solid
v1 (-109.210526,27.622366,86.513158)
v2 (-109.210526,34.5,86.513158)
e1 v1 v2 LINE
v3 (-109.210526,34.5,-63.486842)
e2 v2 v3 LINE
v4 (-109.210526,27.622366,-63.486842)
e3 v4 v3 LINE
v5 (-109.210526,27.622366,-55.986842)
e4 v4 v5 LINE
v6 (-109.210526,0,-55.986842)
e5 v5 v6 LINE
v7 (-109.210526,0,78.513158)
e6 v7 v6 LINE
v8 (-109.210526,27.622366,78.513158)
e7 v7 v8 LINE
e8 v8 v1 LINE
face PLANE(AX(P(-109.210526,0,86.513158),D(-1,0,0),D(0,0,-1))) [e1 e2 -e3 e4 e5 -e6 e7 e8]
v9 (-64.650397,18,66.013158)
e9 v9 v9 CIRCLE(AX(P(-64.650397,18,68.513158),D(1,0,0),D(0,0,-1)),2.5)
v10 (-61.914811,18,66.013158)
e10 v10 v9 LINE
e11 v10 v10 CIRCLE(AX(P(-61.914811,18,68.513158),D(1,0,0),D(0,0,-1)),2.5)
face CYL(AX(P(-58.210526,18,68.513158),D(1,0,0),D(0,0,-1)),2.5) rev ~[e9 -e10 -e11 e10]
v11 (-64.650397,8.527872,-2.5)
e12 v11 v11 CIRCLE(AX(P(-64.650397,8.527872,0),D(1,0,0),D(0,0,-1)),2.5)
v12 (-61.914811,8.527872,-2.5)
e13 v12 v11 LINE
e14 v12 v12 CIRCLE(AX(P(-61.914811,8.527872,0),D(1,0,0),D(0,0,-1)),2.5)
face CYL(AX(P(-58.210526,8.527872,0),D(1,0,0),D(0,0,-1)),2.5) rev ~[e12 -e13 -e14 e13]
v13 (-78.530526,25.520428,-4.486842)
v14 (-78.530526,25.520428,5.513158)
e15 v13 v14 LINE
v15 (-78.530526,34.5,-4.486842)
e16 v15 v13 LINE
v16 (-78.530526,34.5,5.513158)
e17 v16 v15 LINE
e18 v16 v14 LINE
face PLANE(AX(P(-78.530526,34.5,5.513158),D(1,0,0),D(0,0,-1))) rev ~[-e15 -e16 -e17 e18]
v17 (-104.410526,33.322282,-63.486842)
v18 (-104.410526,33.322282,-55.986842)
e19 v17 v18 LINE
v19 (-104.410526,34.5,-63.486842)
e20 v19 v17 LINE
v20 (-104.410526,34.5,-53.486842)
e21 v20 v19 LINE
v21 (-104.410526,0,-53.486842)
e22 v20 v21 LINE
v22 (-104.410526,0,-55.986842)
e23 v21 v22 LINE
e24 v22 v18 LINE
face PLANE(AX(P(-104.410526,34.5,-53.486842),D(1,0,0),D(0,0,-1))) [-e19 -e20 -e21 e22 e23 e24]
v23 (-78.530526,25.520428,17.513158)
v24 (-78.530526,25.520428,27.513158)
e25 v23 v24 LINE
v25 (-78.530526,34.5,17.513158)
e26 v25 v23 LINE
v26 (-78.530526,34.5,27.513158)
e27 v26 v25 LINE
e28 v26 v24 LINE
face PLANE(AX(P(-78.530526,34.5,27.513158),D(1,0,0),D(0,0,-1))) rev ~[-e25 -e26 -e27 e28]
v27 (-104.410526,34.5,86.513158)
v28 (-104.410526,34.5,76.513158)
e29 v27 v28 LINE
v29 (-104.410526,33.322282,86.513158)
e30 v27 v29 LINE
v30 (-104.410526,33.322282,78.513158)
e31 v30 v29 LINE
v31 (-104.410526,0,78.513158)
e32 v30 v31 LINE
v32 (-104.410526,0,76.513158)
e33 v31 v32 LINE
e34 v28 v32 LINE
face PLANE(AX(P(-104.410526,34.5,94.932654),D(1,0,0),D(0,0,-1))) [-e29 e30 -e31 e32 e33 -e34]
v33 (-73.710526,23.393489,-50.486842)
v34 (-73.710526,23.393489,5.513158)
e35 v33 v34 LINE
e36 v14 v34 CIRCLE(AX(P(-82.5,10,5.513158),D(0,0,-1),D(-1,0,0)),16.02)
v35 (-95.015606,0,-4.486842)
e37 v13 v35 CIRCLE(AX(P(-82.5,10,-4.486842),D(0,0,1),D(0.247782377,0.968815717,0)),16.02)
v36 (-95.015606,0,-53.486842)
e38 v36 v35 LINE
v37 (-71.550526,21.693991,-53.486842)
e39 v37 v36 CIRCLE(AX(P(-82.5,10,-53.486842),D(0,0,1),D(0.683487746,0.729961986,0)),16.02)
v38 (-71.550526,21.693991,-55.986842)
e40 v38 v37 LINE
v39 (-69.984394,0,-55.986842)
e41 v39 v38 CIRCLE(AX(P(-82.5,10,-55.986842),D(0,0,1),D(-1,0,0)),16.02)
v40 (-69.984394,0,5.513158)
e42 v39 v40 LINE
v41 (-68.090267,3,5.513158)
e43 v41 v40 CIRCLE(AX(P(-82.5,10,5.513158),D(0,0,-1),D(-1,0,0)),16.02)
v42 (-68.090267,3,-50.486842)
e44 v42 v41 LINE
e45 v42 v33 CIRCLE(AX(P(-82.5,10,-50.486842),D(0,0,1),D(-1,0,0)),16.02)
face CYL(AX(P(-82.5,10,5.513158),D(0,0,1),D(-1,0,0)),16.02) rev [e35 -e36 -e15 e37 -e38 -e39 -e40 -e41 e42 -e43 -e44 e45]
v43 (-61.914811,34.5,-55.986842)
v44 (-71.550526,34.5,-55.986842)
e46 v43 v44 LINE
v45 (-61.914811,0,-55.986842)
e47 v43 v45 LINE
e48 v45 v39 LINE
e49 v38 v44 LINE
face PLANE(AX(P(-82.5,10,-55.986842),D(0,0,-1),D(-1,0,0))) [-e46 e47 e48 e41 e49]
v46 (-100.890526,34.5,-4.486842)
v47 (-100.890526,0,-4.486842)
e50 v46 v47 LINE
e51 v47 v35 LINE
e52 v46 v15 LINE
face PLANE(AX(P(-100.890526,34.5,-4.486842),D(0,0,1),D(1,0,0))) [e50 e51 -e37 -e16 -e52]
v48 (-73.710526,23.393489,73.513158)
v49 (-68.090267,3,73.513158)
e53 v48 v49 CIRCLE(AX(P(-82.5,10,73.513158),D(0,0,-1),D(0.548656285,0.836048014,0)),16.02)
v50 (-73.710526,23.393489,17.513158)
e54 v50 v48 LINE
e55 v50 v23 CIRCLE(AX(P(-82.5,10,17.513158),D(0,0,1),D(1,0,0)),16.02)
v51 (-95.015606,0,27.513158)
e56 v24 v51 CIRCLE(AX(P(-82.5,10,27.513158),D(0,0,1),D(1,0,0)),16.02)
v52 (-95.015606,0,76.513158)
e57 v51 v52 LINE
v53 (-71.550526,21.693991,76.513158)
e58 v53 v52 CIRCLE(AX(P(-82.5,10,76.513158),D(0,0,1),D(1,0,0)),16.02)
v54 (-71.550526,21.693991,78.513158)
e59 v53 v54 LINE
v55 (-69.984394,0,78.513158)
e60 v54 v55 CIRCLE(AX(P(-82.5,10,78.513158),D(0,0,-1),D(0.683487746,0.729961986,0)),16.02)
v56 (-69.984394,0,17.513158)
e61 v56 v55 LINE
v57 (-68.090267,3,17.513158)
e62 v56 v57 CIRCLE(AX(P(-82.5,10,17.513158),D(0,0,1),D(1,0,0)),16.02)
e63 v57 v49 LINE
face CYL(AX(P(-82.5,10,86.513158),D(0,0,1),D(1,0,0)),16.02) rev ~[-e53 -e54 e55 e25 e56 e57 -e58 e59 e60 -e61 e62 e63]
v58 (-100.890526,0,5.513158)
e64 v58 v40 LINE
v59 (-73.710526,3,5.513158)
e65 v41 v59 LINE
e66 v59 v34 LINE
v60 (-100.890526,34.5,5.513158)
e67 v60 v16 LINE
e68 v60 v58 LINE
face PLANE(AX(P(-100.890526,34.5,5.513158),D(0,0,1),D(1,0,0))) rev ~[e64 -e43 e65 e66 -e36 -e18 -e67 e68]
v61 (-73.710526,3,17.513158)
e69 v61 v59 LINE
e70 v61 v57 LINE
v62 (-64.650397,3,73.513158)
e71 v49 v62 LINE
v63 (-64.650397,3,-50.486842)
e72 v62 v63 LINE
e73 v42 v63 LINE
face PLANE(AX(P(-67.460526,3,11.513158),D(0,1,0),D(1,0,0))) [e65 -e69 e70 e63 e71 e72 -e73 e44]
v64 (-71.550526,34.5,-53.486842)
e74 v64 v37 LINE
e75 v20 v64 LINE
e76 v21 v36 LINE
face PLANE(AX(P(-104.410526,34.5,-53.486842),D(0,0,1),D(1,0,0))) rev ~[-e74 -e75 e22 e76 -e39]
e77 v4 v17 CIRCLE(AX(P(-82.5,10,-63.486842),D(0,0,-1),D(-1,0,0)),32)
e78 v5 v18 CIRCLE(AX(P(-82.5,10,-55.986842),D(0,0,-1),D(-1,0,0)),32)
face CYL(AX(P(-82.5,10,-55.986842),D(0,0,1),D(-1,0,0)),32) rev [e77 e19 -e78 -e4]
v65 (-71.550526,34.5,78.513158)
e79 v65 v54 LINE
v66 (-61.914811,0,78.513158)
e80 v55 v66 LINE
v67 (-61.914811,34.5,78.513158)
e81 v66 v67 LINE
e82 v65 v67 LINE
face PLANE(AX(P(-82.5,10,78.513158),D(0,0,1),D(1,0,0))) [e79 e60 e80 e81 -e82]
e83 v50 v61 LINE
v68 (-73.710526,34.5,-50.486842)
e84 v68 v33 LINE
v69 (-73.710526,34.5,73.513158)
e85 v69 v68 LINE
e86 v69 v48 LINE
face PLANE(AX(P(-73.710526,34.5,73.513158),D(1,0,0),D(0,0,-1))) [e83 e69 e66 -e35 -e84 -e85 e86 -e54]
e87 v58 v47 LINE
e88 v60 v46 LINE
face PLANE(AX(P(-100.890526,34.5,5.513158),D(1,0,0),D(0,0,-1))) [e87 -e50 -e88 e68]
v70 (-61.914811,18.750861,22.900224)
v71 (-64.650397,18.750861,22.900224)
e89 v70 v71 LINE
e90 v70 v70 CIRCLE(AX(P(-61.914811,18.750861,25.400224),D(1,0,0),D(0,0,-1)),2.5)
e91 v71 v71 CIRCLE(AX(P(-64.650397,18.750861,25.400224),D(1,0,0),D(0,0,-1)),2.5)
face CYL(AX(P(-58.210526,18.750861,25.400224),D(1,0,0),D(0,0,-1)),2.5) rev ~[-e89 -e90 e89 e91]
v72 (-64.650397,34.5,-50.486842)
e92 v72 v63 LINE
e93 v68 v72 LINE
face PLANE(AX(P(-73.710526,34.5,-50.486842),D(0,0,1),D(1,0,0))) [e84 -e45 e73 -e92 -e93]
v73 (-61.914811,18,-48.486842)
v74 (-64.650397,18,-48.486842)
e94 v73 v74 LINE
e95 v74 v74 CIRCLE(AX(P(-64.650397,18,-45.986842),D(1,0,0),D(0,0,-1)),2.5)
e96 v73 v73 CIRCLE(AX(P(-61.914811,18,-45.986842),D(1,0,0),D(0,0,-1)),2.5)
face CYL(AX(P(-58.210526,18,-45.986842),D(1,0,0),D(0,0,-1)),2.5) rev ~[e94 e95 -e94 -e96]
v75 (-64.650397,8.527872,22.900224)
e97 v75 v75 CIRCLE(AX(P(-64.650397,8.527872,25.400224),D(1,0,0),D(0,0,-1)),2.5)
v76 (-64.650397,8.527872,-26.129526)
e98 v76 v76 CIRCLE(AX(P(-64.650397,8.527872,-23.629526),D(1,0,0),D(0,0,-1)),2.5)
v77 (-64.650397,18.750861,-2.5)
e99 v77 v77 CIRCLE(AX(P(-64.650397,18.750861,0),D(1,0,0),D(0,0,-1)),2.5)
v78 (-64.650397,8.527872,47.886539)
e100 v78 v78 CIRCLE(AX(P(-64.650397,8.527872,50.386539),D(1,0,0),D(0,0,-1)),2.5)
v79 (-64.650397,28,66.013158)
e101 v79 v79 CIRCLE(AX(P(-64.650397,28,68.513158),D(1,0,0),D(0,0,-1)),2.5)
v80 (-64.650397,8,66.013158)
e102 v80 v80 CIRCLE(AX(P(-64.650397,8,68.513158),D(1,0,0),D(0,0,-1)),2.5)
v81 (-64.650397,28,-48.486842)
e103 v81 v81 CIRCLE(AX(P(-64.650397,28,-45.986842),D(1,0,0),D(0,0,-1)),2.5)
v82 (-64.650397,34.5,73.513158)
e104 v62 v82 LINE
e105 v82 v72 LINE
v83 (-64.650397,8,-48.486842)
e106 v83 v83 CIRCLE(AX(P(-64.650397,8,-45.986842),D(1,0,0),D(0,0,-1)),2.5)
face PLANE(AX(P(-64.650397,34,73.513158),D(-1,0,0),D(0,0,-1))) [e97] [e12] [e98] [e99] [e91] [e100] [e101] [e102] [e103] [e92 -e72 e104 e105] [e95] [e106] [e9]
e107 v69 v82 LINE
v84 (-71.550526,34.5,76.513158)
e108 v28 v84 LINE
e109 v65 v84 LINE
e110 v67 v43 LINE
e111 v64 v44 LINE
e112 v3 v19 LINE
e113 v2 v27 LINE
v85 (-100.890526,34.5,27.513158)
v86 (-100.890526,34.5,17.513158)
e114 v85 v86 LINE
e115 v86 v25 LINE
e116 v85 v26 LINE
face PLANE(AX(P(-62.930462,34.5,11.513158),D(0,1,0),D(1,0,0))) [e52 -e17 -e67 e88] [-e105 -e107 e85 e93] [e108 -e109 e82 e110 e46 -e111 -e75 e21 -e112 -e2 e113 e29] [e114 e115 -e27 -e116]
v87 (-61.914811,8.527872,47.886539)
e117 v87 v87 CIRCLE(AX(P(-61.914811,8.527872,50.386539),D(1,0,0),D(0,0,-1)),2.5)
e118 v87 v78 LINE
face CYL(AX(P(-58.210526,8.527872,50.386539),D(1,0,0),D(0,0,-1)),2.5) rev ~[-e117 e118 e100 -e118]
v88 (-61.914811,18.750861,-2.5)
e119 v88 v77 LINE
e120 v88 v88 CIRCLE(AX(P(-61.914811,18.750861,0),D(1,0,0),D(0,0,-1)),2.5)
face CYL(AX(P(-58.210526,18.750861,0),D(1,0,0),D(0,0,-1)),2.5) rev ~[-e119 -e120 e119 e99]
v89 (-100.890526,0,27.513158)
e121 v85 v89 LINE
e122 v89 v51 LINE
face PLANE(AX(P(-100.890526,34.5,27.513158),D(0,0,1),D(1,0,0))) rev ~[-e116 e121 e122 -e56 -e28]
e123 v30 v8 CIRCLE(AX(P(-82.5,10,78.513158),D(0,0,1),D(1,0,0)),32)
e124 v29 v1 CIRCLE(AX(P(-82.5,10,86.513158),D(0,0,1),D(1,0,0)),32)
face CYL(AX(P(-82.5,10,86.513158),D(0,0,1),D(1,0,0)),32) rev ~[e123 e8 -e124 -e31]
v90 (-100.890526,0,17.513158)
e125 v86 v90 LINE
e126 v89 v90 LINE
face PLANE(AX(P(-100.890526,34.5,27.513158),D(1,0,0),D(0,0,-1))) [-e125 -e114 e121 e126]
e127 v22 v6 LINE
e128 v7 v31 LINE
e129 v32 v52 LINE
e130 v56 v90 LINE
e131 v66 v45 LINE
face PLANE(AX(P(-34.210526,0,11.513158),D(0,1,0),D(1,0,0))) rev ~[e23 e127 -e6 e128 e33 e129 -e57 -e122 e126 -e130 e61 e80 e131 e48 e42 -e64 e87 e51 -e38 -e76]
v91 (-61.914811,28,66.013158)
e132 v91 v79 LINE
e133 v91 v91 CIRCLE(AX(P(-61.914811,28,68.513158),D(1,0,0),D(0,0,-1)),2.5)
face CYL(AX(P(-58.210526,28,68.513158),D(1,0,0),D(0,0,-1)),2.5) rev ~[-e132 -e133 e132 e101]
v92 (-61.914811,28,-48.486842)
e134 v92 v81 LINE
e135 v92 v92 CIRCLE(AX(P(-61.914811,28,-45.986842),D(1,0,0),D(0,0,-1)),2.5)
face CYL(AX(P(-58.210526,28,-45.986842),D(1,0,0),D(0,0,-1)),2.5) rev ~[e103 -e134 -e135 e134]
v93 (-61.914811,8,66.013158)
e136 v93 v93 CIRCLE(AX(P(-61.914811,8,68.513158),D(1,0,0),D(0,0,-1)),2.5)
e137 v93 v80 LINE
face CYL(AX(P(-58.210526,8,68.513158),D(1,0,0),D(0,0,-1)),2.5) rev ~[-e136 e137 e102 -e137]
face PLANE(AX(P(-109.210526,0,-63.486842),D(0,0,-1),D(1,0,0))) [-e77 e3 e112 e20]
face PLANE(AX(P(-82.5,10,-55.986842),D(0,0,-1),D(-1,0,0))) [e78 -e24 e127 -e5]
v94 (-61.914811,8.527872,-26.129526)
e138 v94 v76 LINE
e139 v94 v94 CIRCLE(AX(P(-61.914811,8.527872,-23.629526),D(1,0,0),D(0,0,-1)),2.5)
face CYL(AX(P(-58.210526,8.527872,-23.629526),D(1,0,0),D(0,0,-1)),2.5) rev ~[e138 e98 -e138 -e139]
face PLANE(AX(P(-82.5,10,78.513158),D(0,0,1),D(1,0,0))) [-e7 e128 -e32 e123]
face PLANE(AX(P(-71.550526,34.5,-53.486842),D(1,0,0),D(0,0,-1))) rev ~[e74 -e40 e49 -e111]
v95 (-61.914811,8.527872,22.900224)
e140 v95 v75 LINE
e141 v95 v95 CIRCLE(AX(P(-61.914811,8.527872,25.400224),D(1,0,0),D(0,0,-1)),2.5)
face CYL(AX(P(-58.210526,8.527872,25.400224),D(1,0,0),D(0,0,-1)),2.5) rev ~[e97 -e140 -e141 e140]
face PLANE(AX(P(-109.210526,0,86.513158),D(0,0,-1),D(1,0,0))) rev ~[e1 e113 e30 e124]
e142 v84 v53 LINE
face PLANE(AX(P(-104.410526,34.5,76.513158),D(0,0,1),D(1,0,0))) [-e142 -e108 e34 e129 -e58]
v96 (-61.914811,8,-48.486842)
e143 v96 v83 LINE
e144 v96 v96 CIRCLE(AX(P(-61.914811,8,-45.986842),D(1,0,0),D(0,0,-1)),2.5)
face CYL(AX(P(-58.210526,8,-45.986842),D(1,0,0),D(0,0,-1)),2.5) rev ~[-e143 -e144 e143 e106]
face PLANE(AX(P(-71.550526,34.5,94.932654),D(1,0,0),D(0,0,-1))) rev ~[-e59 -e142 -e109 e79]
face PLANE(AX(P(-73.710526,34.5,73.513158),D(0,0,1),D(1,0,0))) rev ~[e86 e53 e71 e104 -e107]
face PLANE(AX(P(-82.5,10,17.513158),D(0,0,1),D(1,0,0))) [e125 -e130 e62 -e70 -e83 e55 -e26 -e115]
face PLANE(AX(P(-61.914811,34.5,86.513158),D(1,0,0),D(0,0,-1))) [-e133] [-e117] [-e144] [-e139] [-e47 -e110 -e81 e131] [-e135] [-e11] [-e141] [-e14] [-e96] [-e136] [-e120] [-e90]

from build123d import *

# Parameters (mm, degrees)
CUBE_W                    = 150
CUBE_H                    = 150
BOSS_EXTRU_1_DEPTH        = 34.5
PAVE_W                    = 96
PAVE_H                    = 144
ENL_V_MAT_EXTRU_1_DEPTH   = 31.5
VIS1_R                    = 2.5
ENL_V_MAT_EXTRU_2_DEPTH   = 5
ENL_V_START               = -5
VIS2_R                    = 2.5
ENL_V_MAT_EXTRU_3_DEPTH   = 5
PAVE_PROCHE_MOTEUR_W      = 12.5
PAVE_PROCHE_MOTEUR_H      = 124
ENL_V_MAT_EXTRU_4_DEPTH   = 31.5
PAVE_ROUE_LIBRE_W         = 32.86
PAVE_ROUE_LIBRE_H         = 15.696676457
PAVE_ROUE_LIBRE_H_2       = 18.419496328
ENL_V_MAT_EXTRU_5_DEPTH   = 36
CABLES_W                  = 22.36
CABLES_H                  = 10
ENL_V_MAT_EXTRU_6_DEPTH   = 36
ROUE_EXT_R                = 32
ENL_V_MAT_EXTRU_7_DEPTH   = 8
ROUE_INTER_R              = 16.02
ENL_V_MAT_EXTRU_8_DEPTH   = 69
ENL_V_START_2             = -7.5
ROUE_EXT2_R               = 32
ENL_V_MAT_EXTRU_9_DEPTH   = 7.5
ENL_V_START_3             = -69
ROUE_INTER2_R             = 16.02
ENL_V_MAT_EXTRU_10_DEPTH  = 69
VIS_MOTEUR_POUR_SUPPORT_R = 2.5
ENL_V_MAT_EXTRU_11_DEPTH  = 10
BOSS_EXTRU_2_DEPTH        = 10
ESQUISSE2_R               = 2.5
ENL_V_MAT_EXTRU_12_DEPTH  = 10
ESQUISSE3_W               = 3.439870431
ESQUISSE3_H               = 124
BOSS_EXTRU_3_DEPTH        = 31
ESQUISSE5_W               = 3.439870431
ESQUISSE5_H               = 124
BOSS_EXTRU_4_DEPTH        = 0.5
ESQUISSE6_R               = 2.5
ENL_V_MAT_EXTRU_13_DEPTH  = 10
ESQUISSE7_R               = 2.5
ENL_V_MAT_EXTRU_14_DEPTH  = 10
ESQUISSE8_R               = 2.5
ENL_V_MAT_EXTRU_15_DEPTH  = 10
ESQUISSE10_W              = 102.704284834
ESQUISSE10_H              = 150
ENL_V_MAT_EXTRU_16_DEPTH  = 40


with BuildPart() as part:
    # Cube → Boss.-Extru.1 (new body)
    with BuildSketch(Plane(origin=(0, 0, 0), x_dir=(1, 0, 0), z_dir=(0, 1, 0))):
        with Locations((-34.210526316, -11.513157895)):
            Rectangle(CUBE_W, CUBE_H)
    extrude(amount=BOSS_EXTRU_1_DEPTH)

    # Pave → Enlèv. mat.-Extru.1 (cut)
    with BuildSketch(Plane(origin=(0, 34.5, 0), x_dir=(1, 0, 0), z_dir=(0, 1, 0))):
        with Locations((-10.210526316, -11.513157895)):
            Rectangle(PAVE_W, PAVE_H)
    extrude(amount=-ENL_V_MAT_EXTRU_1_DEPTH, mode=Mode.SUBTRACT)

    # Vis1 → Enlèv. mat.-Extru.2 (cut)
    with BuildSketch(Plane.XY.offset(86.513157895)):
        with Locations((33.789473684, 10)):
            Circle(VIS1_R)
        with Locations((33.789473684, 20)):
            Circle(VIS1_R)
        with Locations((33.789473684, 30)):
            Circle(VIS1_R)
    extrude(amount=-ENL_V_MAT_EXTRU_2_DEPTH, mode=Mode.SUBTRACT)

    # Vis2 → Enlèv. mat.-Extru.3 (cut)
    with BuildSketch(Plane(origin=(0, 0, -63.486842105), x_dir=(-1, 0, 0), z_dir=(0, 0, -1)).offset(ENL_V_START)):
        with Locations(Location((-33.789473684, 10, 0), (0, 0, 180))):
            Circle(VIS2_R)
        with Locations(Location((-33.789473684, 20, 0), (0, 0, 180))):
            Circle(VIS2_R)
        with Locations(Location((-33.789473684, 30, 0), (0, 0, 180))):
            Circle(VIS2_R)
    extrude(amount=ENL_V_MAT_EXTRU_3_DEPTH, mode=Mode.SUBTRACT)

    # Pave proche moteur → Enlèv. mat.-Extru.4 (cut)
    with BuildSketch(Plane(origin=(0, 34.5, 0), x_dir=(1, 0, 0), z_dir=(0, 1, 0))):
        with Locations((-67.460526316, -11.513157895)):
            Rectangle(PAVE_PROCHE_MOTEUR_W, PAVE_PROCHE_MOTEUR_H)
    extrude(amount=-ENL_V_MAT_EXTRU_4_DEPTH, mode=Mode.SUBTRACT)

    # Pave Roue libre → Enlèv. mat.-Extru.5 (cut)
    with BuildSketch(Plane(origin=(0, 34.5, 0), x_dir=(1, 0, 0), z_dir=(0, 1, 0))):
        with Locations((-87.980526316, 61.335180334)):
            Rectangle(PAVE_ROUE_LIBRE_W, PAVE_ROUE_LIBRE_H)
        with Locations((-87.980526316, -85.722906059)):
            Rectangle(PAVE_ROUE_LIBRE_W, PAVE_ROUE_LIBRE_H_2)
    extrude(amount=-ENL_V_MAT_EXTRU_5_DEPTH, mode=Mode.SUBTRACT)

    # Cables → Enlèv. mat.-Extru.6 (cut)
    with BuildSketch(Plane(origin=(0, 34.5, 0), x_dir=(1, 0, 0), z_dir=(0, 1, 0))):
        with Locations((-89.710526316, -0.513157895)):
            Rectangle(CABLES_W, CABLES_H)
        with Locations((-89.710526316, -22.513157895)):
            Rectangle(CABLES_W, CABLES_H)
    extrude(amount=-ENL_V_MAT_EXTRU_6_DEPTH, mode=Mode.SUBTRACT)

    # Roue ext → Enlèv. mat.-Extru.7 (cut)
    with BuildSketch(Plane.XY.offset(86.513157895)):
        with Locations((-82.5, 10)):
            Circle(ROUE_EXT_R)
    extrude(amount=-ENL_V_MAT_EXTRU_7_DEPTH, mode=Mode.SUBTRACT)

    # Roue inter → Enlèv. mat.-Extru.8 (cut)
    with BuildSketch(Plane.XY.offset(86.513157895)):
        with Locations((-82.5, 10)):
            Circle(ROUE_INTER_R)
    extrude(amount=-ENL_V_MAT_EXTRU_8_DEPTH, mode=Mode.SUBTRACT)

    # Roue ext2 → Enlèv. mat.-Extru.9 (cut)
    with BuildSketch(Plane(origin=(0, 0, -63.486842105), x_dir=(-1, 0, 0), z_dir=(0, 0, -1)).offset(ENL_V_START_2)):
        with Locations((82.5, 10)):
            Circle(ROUE_EXT2_R)
    extrude(amount=ENL_V_MAT_EXTRU_9_DEPTH, mode=Mode.SUBTRACT)

    # Roue inter2 → Enlèv. mat.-Extru.10 (cut)
    with BuildSketch(Plane(origin=(0, 0, -63.486842105), x_dir=(-1, 0, 0), z_dir=(0, 0, -1)).offset(ENL_V_START_3)):
        with Locations((82.5, 10)):
            Circle(ROUE_INTER2_R)
    extrude(amount=ENL_V_MAT_EXTRU_10_DEPTH, mode=Mode.SUBTRACT)

    # Vis Moteur pour support → Enlèv. mat.-Extru.11 (cut)
    with BuildSketch(Plane(origin=(-58.210526316, 0, 0), x_dir=(0, 0, -1), z_dir=(1, 0, 0))):
        with Locations((-68.513157895, 8)):
            Circle(VIS_MOTEUR_POUR_SUPPORT_R)
        with Locations((-68.513157895, 18)):
            Circle(VIS_MOTEUR_POUR_SUPPORT_R)
        with Locations((-68.513157895, 28)):
            Circle(VIS_MOTEUR_POUR_SUPPORT_R)
        with Locations((45.986842105, 8)):
            Circle(VIS_MOTEUR_POUR_SUPPORT_R)
        with Locations((45.986842105, 18)):
            Circle(VIS_MOTEUR_POUR_SUPPORT_R)
        with Locations((45.986842105, 28)):
            Circle(VIS_MOTEUR_POUR_SUPPORT_R)
    extrude(amount=-ENL_V_MAT_EXTRU_11_DEPTH, mode=Mode.SUBTRACT)

    # Esquisse1 → Boss.-Extru.2 (add)
    with BuildSketch(Plane(origin=(0, 3, 0), x_dir=(1, 0, 0), z_dir=(0, 1, 0))):
        Polygon((-58.210526316, -15.513157895), (-14.210526316, -15.513157895), (-14.210526316, -83.513157895), (-6.210526316, -83.513157895), (-6.210526316, -15.513157895), (37.789473684, -15.513157895), (37.789473684, -7.513157895), (-6.210526316, -7.513157895), (-6.210526316, 60.486842105), (-14.210526316, 60.486842105), (-14.210526316, -7.513157895), (-58.210526316, -7.513157895), align=None)
    extrude(amount=BOSS_EXTRU_2_DEPTH)

    # Esquisse2 → Enlèv. mat.-Extru.12 (cut)
    with BuildSketch(Plane.XY.offset(15.513157895)):
        with Locations((-43.942882256, 8)):
            Circle(ESQUISSE2_R)
        with Locations((-26.88958752, 8)):
            Circle(ESQUISSE2_R)
        with Locations((9.588466595, 8)):
            Circle(ESQUISSE2_R)
        with Locations((23.56238511, 8)):
            Circle(ESQUISSE2_R)
    extrude(amount=-ENL_V_MAT_EXTRU_12_DEPTH, mode=Mode.SUBTRACT)

    # Esquisse3 → Boss.-Extru.3 (add)
    with BuildSketch(Plane(origin=(0, 3, 0), x_dir=(1, 0, 0), z_dir=(0, 1, 0))):
        with Locations((-62.930461532, -11.513157895)):
            Rectangle(ESQUISSE3_W, ESQUISSE3_H)
    extrude(amount=BOSS_EXTRU_3_DEPTH)

    # Esquisse5 → Boss.-Extru.4 (add)
    with BuildSketch(Plane(origin=(0, 34, 0), x_dir=(1, 0, 0), z_dir=(0, 1, 0))):
        with Locations((-62.930461532, -11.513157895)):
            Rectangle(ESQUISSE5_W, ESQUISSE5_H)
    extrude(amount=BOSS_EXTRU_4_DEPTH)

    # Esquisse6 → Enlèv. mat.-Extru.13 (cut)
    with BuildSketch(Plane(origin=(-58.210526316, 0, 0), x_dir=(0, 0, -1), z_dir=(1, 0, 0))):
        with Locations((-68.513157895, 28)):
            Circle(ESQUISSE6_R)
        with Locations((-68.513157895, 18)):
            Circle(ESQUISSE6_R)
        with Locations((-68.513157895, 8)):
            Circle(ESQUISSE6_R)
        with Locations((45.986842105, 28)):
            Circle(ESQUISSE6_R)
        with Locations((45.986842105, 18)):
            Circle(ESQUISSE6_R)
        with Locations((45.986842105, 8)):
            Circle(ESQUISSE6_R)
    extrude(amount=-ENL_V_MAT_EXTRU_13_DEPTH, mode=Mode.SUBTRACT)

    # Esquisse7 → Enlèv. mat.-Extru.14 (cut)
    with BuildSketch(Plane(origin=(-58.210526316, 0, 0), x_dir=(0, 0, -1), z_dir=(1, 0, 0))):
        with Locations((0, 8.527871685)):
            Circle(ESQUISSE7_R)
        with Locations((0, 18.750861141)):
            Circle(ESQUISSE7_R)
        with Locations((-25.400224022, 8.527871685)):
            Circle(ESQUISSE7_R)
        with Locations((-25.400224022, 18.750861141)):
            Circle(ESQUISSE7_R)
        with Locations((-50.386538843, 8.527871685)):
            Circle(ESQUISSE7_R)
        with Locations((23.629525814, 8.527871685)):
            Circle(ESQUISSE7_R)
    extrude(amount=-ENL_V_MAT_EXTRU_14_DEPTH, mode=Mode.SUBTRACT)

    # Esquisse8 → Enlèv. mat.-Extru.15 (cut)
    with BuildSketch(Plane(origin=(0, 3, 0), x_dir=(1, 0, 0), z_dir=(0, 1, 0))):
        with Locations(Location((19.789473684, -43.513157895, 0), (0, 0, 270))):
            Circle(ESQUISSE8_R)
        with Locations(Location((19.789473684, 20.486842105, 0), (0, 0, 270))):
            Circle(ESQUISSE8_R)
    extrude(amount=-ENL_V_MAT_EXTRU_15_DEPTH, mode=Mode.SUBTRACT)

    # Esquisse10 → Enlèv. mat.-Extru.16 (cut)
    with BuildSketch(Plane(origin=(0, 34.5, 0), x_dir=(1, 0, 0), z_dir=(0, 1, 0))):
        with Locations((-10.562668733, -11.513157895)):
            Rectangle(ESQUISSE10_W, ESQUISSE10_H)
    extrude(amount=-ENL_V_MAT_EXTRU_16_DEPTH, mode=Mode.SUBTRACT)


solid = part.part
